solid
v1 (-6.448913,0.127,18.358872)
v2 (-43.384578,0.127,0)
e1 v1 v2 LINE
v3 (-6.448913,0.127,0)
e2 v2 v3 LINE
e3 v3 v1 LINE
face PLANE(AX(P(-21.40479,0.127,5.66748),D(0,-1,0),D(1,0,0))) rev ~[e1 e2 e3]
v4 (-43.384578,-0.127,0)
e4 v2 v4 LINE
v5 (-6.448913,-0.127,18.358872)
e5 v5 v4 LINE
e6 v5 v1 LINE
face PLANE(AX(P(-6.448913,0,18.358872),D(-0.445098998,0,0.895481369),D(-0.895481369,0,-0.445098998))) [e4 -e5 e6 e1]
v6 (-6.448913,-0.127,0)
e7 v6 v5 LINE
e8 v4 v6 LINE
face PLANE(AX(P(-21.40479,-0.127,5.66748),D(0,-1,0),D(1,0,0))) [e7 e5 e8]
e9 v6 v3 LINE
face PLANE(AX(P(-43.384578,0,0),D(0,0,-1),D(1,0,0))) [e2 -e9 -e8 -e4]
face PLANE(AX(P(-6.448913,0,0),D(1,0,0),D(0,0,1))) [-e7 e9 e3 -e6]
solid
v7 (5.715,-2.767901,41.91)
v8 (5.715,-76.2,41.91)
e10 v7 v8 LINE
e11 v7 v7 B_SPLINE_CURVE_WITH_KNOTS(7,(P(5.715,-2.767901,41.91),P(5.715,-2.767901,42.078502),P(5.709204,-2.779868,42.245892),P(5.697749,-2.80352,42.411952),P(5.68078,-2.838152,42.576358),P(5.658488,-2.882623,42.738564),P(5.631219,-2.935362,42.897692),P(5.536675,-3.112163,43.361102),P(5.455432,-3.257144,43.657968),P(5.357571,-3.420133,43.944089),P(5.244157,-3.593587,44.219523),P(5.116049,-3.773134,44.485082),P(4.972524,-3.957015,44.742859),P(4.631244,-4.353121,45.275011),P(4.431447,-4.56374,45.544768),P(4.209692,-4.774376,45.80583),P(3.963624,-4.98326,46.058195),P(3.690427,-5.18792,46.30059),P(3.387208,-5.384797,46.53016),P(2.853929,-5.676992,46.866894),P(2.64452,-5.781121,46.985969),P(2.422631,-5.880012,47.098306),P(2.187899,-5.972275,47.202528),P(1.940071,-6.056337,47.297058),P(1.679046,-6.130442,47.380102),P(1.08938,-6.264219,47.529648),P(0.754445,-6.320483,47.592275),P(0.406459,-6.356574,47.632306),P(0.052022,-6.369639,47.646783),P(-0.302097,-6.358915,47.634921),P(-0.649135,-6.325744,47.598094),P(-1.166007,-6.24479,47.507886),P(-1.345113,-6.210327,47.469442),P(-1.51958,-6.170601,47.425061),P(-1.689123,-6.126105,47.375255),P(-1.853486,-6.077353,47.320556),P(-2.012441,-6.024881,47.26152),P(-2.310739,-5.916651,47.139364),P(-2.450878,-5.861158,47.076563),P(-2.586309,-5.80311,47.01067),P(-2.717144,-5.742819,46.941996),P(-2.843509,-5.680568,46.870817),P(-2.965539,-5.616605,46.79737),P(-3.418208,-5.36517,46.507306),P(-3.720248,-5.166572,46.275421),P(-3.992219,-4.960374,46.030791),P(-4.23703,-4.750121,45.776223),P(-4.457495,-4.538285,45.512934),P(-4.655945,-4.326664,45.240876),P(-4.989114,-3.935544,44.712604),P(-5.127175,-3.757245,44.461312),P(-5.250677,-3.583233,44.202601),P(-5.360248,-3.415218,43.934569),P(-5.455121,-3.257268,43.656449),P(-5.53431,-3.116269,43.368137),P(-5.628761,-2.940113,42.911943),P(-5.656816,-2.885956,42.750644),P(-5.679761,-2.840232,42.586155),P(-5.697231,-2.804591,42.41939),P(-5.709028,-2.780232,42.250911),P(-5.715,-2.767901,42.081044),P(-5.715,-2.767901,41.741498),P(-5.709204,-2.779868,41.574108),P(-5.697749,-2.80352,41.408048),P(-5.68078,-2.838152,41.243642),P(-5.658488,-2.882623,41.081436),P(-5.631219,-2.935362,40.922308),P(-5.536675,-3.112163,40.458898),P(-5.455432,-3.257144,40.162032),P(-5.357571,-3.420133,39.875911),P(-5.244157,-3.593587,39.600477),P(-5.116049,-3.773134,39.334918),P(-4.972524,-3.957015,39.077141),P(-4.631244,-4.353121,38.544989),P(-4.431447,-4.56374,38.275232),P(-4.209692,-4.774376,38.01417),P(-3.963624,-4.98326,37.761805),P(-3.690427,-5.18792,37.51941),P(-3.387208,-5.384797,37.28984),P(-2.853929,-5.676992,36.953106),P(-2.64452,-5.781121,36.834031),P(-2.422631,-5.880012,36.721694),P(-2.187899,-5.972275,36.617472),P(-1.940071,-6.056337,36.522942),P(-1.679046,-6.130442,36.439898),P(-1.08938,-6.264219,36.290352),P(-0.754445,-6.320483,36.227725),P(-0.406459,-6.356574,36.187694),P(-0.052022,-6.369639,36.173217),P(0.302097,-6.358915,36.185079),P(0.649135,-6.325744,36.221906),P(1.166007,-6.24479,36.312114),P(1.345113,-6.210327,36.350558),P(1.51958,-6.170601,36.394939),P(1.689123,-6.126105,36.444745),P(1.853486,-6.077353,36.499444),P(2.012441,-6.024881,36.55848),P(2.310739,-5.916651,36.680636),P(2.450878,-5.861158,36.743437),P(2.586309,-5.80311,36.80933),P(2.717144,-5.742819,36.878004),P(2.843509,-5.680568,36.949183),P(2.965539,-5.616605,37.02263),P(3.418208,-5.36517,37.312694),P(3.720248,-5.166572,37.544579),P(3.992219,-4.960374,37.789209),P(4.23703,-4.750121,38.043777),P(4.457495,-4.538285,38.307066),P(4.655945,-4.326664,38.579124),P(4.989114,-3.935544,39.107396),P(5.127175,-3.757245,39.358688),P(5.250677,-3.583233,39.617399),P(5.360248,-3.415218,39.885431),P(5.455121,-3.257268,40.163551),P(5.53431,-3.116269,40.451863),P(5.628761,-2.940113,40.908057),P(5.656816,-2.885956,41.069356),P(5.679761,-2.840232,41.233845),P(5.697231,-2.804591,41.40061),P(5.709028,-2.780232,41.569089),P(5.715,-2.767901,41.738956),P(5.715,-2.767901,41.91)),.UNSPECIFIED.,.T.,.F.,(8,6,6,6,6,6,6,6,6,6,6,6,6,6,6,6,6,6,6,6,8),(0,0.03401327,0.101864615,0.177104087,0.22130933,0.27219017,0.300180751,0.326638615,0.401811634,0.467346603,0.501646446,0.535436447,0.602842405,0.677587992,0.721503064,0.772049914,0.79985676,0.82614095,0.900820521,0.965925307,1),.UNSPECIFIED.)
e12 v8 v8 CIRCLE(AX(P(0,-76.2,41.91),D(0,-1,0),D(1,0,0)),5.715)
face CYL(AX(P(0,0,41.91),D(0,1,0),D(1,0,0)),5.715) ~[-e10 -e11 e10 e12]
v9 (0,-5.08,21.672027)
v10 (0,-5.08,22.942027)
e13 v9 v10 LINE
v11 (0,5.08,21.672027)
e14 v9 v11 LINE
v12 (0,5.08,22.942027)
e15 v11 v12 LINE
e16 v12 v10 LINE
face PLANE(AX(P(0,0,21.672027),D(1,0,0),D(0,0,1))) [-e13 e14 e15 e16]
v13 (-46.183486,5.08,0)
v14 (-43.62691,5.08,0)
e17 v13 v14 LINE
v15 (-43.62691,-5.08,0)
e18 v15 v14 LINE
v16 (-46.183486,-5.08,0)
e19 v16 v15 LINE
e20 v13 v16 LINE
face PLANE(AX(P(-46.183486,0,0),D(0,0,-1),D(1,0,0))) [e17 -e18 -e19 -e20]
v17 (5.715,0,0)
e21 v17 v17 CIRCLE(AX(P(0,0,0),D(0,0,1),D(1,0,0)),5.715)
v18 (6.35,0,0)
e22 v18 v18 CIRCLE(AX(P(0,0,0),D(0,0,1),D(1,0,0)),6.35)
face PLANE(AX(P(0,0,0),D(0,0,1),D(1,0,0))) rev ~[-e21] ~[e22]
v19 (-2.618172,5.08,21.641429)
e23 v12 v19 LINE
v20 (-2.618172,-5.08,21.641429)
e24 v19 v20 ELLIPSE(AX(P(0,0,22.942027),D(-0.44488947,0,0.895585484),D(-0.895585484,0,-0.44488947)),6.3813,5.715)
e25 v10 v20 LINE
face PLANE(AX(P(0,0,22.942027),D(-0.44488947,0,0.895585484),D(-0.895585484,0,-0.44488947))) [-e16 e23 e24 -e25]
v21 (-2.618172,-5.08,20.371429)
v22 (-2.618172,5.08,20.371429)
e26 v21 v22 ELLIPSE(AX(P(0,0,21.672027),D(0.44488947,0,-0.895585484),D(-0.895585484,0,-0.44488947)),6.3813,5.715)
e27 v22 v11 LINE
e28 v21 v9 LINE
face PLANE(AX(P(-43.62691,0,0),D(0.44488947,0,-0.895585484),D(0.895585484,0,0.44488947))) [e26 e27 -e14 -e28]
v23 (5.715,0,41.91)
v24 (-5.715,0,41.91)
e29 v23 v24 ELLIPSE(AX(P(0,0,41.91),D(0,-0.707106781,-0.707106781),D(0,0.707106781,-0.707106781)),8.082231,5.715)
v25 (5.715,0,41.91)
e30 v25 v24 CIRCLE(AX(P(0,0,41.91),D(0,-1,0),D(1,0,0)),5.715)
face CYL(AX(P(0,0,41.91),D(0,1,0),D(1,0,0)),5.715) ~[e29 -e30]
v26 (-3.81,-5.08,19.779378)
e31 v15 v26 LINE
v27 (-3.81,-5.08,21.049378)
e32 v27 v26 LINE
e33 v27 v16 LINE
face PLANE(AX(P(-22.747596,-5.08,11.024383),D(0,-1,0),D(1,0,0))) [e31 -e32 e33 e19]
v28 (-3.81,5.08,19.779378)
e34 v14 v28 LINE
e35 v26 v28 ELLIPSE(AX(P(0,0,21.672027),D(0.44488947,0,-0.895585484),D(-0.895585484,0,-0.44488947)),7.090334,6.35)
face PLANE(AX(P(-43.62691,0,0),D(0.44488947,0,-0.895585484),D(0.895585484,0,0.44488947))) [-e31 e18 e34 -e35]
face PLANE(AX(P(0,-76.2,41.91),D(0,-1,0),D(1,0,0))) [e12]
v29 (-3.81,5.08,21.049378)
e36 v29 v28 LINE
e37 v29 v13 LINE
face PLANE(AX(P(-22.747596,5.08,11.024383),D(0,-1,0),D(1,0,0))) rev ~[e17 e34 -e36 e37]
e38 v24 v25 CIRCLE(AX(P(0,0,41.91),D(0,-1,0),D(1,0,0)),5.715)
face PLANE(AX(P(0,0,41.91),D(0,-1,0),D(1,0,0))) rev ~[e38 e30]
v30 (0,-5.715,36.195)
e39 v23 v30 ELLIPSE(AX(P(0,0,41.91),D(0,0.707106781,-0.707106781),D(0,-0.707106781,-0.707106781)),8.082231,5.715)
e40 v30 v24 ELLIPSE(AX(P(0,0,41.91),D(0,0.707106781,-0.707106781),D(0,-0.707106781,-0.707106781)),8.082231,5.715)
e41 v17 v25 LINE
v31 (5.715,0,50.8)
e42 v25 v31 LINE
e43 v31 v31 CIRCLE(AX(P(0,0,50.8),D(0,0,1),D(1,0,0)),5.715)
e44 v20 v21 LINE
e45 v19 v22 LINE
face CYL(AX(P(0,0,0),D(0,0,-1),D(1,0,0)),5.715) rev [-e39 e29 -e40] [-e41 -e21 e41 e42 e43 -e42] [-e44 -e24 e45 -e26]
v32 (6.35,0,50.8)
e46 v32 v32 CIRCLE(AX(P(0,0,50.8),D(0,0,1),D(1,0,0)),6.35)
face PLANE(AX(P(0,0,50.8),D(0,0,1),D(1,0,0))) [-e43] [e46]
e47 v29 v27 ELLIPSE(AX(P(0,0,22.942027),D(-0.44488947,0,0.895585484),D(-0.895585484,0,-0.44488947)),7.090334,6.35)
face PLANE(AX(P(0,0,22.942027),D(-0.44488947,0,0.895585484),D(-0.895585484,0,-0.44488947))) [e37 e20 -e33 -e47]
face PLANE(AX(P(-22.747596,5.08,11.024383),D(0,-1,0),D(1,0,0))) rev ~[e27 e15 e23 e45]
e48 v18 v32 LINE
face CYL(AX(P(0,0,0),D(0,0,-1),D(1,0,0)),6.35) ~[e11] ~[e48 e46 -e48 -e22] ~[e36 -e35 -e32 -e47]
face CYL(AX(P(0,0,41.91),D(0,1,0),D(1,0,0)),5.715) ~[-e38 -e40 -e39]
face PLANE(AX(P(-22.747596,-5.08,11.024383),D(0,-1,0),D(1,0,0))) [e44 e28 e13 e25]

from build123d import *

# Parameters (mm, degrees)
F0_R     = 6.35
F0_R_2   = 5.715
F1_DEPTH = 50.8
F2_R     = 5.715
F3_DEPTH = 76.2
F5_DEPTH = 5.08
F7_DEPTH = 0.127


with BuildPart() as f1:
    # F0 (on Top) → F1 (new body)
    with BuildSketch(Plane.XY):
        Circle(F0_R)
        Circle(F0_R_2, mode=Mode.SUBTRACT)
    extrude(amount=F1_DEPTH)

    # F2 (on Front) → F3 (join)
    with BuildSketch(Plane.XZ):
        with Locations((0, 41.91)):
            Circle(F2_R)
    extrude(amount=F3_DEPTH)

    # F4 (on Front) → F5 (join, symmetric)
    with BuildSketch(Plane.XZ):
        Polygon((0, 21.6720270771), (0, 22.9420270771), (-46.1834855378, 0), (-43.6269099381, 0), align=None)
    extrude(amount=F5_DEPTH, both=True)


with BuildPart() as f7:
    # F6 (on Front) → F7 (new body, symmetric)
    with BuildSketch(Plane.XZ):
        Polygon((-6.4489128999, 18.3588717035), (-43.384578079, 0), (-6.4489128999, 0), align=None)
    extrude(amount=F7_DEPTH, both=True)


solid = Compound([f1.part, f7.part])
